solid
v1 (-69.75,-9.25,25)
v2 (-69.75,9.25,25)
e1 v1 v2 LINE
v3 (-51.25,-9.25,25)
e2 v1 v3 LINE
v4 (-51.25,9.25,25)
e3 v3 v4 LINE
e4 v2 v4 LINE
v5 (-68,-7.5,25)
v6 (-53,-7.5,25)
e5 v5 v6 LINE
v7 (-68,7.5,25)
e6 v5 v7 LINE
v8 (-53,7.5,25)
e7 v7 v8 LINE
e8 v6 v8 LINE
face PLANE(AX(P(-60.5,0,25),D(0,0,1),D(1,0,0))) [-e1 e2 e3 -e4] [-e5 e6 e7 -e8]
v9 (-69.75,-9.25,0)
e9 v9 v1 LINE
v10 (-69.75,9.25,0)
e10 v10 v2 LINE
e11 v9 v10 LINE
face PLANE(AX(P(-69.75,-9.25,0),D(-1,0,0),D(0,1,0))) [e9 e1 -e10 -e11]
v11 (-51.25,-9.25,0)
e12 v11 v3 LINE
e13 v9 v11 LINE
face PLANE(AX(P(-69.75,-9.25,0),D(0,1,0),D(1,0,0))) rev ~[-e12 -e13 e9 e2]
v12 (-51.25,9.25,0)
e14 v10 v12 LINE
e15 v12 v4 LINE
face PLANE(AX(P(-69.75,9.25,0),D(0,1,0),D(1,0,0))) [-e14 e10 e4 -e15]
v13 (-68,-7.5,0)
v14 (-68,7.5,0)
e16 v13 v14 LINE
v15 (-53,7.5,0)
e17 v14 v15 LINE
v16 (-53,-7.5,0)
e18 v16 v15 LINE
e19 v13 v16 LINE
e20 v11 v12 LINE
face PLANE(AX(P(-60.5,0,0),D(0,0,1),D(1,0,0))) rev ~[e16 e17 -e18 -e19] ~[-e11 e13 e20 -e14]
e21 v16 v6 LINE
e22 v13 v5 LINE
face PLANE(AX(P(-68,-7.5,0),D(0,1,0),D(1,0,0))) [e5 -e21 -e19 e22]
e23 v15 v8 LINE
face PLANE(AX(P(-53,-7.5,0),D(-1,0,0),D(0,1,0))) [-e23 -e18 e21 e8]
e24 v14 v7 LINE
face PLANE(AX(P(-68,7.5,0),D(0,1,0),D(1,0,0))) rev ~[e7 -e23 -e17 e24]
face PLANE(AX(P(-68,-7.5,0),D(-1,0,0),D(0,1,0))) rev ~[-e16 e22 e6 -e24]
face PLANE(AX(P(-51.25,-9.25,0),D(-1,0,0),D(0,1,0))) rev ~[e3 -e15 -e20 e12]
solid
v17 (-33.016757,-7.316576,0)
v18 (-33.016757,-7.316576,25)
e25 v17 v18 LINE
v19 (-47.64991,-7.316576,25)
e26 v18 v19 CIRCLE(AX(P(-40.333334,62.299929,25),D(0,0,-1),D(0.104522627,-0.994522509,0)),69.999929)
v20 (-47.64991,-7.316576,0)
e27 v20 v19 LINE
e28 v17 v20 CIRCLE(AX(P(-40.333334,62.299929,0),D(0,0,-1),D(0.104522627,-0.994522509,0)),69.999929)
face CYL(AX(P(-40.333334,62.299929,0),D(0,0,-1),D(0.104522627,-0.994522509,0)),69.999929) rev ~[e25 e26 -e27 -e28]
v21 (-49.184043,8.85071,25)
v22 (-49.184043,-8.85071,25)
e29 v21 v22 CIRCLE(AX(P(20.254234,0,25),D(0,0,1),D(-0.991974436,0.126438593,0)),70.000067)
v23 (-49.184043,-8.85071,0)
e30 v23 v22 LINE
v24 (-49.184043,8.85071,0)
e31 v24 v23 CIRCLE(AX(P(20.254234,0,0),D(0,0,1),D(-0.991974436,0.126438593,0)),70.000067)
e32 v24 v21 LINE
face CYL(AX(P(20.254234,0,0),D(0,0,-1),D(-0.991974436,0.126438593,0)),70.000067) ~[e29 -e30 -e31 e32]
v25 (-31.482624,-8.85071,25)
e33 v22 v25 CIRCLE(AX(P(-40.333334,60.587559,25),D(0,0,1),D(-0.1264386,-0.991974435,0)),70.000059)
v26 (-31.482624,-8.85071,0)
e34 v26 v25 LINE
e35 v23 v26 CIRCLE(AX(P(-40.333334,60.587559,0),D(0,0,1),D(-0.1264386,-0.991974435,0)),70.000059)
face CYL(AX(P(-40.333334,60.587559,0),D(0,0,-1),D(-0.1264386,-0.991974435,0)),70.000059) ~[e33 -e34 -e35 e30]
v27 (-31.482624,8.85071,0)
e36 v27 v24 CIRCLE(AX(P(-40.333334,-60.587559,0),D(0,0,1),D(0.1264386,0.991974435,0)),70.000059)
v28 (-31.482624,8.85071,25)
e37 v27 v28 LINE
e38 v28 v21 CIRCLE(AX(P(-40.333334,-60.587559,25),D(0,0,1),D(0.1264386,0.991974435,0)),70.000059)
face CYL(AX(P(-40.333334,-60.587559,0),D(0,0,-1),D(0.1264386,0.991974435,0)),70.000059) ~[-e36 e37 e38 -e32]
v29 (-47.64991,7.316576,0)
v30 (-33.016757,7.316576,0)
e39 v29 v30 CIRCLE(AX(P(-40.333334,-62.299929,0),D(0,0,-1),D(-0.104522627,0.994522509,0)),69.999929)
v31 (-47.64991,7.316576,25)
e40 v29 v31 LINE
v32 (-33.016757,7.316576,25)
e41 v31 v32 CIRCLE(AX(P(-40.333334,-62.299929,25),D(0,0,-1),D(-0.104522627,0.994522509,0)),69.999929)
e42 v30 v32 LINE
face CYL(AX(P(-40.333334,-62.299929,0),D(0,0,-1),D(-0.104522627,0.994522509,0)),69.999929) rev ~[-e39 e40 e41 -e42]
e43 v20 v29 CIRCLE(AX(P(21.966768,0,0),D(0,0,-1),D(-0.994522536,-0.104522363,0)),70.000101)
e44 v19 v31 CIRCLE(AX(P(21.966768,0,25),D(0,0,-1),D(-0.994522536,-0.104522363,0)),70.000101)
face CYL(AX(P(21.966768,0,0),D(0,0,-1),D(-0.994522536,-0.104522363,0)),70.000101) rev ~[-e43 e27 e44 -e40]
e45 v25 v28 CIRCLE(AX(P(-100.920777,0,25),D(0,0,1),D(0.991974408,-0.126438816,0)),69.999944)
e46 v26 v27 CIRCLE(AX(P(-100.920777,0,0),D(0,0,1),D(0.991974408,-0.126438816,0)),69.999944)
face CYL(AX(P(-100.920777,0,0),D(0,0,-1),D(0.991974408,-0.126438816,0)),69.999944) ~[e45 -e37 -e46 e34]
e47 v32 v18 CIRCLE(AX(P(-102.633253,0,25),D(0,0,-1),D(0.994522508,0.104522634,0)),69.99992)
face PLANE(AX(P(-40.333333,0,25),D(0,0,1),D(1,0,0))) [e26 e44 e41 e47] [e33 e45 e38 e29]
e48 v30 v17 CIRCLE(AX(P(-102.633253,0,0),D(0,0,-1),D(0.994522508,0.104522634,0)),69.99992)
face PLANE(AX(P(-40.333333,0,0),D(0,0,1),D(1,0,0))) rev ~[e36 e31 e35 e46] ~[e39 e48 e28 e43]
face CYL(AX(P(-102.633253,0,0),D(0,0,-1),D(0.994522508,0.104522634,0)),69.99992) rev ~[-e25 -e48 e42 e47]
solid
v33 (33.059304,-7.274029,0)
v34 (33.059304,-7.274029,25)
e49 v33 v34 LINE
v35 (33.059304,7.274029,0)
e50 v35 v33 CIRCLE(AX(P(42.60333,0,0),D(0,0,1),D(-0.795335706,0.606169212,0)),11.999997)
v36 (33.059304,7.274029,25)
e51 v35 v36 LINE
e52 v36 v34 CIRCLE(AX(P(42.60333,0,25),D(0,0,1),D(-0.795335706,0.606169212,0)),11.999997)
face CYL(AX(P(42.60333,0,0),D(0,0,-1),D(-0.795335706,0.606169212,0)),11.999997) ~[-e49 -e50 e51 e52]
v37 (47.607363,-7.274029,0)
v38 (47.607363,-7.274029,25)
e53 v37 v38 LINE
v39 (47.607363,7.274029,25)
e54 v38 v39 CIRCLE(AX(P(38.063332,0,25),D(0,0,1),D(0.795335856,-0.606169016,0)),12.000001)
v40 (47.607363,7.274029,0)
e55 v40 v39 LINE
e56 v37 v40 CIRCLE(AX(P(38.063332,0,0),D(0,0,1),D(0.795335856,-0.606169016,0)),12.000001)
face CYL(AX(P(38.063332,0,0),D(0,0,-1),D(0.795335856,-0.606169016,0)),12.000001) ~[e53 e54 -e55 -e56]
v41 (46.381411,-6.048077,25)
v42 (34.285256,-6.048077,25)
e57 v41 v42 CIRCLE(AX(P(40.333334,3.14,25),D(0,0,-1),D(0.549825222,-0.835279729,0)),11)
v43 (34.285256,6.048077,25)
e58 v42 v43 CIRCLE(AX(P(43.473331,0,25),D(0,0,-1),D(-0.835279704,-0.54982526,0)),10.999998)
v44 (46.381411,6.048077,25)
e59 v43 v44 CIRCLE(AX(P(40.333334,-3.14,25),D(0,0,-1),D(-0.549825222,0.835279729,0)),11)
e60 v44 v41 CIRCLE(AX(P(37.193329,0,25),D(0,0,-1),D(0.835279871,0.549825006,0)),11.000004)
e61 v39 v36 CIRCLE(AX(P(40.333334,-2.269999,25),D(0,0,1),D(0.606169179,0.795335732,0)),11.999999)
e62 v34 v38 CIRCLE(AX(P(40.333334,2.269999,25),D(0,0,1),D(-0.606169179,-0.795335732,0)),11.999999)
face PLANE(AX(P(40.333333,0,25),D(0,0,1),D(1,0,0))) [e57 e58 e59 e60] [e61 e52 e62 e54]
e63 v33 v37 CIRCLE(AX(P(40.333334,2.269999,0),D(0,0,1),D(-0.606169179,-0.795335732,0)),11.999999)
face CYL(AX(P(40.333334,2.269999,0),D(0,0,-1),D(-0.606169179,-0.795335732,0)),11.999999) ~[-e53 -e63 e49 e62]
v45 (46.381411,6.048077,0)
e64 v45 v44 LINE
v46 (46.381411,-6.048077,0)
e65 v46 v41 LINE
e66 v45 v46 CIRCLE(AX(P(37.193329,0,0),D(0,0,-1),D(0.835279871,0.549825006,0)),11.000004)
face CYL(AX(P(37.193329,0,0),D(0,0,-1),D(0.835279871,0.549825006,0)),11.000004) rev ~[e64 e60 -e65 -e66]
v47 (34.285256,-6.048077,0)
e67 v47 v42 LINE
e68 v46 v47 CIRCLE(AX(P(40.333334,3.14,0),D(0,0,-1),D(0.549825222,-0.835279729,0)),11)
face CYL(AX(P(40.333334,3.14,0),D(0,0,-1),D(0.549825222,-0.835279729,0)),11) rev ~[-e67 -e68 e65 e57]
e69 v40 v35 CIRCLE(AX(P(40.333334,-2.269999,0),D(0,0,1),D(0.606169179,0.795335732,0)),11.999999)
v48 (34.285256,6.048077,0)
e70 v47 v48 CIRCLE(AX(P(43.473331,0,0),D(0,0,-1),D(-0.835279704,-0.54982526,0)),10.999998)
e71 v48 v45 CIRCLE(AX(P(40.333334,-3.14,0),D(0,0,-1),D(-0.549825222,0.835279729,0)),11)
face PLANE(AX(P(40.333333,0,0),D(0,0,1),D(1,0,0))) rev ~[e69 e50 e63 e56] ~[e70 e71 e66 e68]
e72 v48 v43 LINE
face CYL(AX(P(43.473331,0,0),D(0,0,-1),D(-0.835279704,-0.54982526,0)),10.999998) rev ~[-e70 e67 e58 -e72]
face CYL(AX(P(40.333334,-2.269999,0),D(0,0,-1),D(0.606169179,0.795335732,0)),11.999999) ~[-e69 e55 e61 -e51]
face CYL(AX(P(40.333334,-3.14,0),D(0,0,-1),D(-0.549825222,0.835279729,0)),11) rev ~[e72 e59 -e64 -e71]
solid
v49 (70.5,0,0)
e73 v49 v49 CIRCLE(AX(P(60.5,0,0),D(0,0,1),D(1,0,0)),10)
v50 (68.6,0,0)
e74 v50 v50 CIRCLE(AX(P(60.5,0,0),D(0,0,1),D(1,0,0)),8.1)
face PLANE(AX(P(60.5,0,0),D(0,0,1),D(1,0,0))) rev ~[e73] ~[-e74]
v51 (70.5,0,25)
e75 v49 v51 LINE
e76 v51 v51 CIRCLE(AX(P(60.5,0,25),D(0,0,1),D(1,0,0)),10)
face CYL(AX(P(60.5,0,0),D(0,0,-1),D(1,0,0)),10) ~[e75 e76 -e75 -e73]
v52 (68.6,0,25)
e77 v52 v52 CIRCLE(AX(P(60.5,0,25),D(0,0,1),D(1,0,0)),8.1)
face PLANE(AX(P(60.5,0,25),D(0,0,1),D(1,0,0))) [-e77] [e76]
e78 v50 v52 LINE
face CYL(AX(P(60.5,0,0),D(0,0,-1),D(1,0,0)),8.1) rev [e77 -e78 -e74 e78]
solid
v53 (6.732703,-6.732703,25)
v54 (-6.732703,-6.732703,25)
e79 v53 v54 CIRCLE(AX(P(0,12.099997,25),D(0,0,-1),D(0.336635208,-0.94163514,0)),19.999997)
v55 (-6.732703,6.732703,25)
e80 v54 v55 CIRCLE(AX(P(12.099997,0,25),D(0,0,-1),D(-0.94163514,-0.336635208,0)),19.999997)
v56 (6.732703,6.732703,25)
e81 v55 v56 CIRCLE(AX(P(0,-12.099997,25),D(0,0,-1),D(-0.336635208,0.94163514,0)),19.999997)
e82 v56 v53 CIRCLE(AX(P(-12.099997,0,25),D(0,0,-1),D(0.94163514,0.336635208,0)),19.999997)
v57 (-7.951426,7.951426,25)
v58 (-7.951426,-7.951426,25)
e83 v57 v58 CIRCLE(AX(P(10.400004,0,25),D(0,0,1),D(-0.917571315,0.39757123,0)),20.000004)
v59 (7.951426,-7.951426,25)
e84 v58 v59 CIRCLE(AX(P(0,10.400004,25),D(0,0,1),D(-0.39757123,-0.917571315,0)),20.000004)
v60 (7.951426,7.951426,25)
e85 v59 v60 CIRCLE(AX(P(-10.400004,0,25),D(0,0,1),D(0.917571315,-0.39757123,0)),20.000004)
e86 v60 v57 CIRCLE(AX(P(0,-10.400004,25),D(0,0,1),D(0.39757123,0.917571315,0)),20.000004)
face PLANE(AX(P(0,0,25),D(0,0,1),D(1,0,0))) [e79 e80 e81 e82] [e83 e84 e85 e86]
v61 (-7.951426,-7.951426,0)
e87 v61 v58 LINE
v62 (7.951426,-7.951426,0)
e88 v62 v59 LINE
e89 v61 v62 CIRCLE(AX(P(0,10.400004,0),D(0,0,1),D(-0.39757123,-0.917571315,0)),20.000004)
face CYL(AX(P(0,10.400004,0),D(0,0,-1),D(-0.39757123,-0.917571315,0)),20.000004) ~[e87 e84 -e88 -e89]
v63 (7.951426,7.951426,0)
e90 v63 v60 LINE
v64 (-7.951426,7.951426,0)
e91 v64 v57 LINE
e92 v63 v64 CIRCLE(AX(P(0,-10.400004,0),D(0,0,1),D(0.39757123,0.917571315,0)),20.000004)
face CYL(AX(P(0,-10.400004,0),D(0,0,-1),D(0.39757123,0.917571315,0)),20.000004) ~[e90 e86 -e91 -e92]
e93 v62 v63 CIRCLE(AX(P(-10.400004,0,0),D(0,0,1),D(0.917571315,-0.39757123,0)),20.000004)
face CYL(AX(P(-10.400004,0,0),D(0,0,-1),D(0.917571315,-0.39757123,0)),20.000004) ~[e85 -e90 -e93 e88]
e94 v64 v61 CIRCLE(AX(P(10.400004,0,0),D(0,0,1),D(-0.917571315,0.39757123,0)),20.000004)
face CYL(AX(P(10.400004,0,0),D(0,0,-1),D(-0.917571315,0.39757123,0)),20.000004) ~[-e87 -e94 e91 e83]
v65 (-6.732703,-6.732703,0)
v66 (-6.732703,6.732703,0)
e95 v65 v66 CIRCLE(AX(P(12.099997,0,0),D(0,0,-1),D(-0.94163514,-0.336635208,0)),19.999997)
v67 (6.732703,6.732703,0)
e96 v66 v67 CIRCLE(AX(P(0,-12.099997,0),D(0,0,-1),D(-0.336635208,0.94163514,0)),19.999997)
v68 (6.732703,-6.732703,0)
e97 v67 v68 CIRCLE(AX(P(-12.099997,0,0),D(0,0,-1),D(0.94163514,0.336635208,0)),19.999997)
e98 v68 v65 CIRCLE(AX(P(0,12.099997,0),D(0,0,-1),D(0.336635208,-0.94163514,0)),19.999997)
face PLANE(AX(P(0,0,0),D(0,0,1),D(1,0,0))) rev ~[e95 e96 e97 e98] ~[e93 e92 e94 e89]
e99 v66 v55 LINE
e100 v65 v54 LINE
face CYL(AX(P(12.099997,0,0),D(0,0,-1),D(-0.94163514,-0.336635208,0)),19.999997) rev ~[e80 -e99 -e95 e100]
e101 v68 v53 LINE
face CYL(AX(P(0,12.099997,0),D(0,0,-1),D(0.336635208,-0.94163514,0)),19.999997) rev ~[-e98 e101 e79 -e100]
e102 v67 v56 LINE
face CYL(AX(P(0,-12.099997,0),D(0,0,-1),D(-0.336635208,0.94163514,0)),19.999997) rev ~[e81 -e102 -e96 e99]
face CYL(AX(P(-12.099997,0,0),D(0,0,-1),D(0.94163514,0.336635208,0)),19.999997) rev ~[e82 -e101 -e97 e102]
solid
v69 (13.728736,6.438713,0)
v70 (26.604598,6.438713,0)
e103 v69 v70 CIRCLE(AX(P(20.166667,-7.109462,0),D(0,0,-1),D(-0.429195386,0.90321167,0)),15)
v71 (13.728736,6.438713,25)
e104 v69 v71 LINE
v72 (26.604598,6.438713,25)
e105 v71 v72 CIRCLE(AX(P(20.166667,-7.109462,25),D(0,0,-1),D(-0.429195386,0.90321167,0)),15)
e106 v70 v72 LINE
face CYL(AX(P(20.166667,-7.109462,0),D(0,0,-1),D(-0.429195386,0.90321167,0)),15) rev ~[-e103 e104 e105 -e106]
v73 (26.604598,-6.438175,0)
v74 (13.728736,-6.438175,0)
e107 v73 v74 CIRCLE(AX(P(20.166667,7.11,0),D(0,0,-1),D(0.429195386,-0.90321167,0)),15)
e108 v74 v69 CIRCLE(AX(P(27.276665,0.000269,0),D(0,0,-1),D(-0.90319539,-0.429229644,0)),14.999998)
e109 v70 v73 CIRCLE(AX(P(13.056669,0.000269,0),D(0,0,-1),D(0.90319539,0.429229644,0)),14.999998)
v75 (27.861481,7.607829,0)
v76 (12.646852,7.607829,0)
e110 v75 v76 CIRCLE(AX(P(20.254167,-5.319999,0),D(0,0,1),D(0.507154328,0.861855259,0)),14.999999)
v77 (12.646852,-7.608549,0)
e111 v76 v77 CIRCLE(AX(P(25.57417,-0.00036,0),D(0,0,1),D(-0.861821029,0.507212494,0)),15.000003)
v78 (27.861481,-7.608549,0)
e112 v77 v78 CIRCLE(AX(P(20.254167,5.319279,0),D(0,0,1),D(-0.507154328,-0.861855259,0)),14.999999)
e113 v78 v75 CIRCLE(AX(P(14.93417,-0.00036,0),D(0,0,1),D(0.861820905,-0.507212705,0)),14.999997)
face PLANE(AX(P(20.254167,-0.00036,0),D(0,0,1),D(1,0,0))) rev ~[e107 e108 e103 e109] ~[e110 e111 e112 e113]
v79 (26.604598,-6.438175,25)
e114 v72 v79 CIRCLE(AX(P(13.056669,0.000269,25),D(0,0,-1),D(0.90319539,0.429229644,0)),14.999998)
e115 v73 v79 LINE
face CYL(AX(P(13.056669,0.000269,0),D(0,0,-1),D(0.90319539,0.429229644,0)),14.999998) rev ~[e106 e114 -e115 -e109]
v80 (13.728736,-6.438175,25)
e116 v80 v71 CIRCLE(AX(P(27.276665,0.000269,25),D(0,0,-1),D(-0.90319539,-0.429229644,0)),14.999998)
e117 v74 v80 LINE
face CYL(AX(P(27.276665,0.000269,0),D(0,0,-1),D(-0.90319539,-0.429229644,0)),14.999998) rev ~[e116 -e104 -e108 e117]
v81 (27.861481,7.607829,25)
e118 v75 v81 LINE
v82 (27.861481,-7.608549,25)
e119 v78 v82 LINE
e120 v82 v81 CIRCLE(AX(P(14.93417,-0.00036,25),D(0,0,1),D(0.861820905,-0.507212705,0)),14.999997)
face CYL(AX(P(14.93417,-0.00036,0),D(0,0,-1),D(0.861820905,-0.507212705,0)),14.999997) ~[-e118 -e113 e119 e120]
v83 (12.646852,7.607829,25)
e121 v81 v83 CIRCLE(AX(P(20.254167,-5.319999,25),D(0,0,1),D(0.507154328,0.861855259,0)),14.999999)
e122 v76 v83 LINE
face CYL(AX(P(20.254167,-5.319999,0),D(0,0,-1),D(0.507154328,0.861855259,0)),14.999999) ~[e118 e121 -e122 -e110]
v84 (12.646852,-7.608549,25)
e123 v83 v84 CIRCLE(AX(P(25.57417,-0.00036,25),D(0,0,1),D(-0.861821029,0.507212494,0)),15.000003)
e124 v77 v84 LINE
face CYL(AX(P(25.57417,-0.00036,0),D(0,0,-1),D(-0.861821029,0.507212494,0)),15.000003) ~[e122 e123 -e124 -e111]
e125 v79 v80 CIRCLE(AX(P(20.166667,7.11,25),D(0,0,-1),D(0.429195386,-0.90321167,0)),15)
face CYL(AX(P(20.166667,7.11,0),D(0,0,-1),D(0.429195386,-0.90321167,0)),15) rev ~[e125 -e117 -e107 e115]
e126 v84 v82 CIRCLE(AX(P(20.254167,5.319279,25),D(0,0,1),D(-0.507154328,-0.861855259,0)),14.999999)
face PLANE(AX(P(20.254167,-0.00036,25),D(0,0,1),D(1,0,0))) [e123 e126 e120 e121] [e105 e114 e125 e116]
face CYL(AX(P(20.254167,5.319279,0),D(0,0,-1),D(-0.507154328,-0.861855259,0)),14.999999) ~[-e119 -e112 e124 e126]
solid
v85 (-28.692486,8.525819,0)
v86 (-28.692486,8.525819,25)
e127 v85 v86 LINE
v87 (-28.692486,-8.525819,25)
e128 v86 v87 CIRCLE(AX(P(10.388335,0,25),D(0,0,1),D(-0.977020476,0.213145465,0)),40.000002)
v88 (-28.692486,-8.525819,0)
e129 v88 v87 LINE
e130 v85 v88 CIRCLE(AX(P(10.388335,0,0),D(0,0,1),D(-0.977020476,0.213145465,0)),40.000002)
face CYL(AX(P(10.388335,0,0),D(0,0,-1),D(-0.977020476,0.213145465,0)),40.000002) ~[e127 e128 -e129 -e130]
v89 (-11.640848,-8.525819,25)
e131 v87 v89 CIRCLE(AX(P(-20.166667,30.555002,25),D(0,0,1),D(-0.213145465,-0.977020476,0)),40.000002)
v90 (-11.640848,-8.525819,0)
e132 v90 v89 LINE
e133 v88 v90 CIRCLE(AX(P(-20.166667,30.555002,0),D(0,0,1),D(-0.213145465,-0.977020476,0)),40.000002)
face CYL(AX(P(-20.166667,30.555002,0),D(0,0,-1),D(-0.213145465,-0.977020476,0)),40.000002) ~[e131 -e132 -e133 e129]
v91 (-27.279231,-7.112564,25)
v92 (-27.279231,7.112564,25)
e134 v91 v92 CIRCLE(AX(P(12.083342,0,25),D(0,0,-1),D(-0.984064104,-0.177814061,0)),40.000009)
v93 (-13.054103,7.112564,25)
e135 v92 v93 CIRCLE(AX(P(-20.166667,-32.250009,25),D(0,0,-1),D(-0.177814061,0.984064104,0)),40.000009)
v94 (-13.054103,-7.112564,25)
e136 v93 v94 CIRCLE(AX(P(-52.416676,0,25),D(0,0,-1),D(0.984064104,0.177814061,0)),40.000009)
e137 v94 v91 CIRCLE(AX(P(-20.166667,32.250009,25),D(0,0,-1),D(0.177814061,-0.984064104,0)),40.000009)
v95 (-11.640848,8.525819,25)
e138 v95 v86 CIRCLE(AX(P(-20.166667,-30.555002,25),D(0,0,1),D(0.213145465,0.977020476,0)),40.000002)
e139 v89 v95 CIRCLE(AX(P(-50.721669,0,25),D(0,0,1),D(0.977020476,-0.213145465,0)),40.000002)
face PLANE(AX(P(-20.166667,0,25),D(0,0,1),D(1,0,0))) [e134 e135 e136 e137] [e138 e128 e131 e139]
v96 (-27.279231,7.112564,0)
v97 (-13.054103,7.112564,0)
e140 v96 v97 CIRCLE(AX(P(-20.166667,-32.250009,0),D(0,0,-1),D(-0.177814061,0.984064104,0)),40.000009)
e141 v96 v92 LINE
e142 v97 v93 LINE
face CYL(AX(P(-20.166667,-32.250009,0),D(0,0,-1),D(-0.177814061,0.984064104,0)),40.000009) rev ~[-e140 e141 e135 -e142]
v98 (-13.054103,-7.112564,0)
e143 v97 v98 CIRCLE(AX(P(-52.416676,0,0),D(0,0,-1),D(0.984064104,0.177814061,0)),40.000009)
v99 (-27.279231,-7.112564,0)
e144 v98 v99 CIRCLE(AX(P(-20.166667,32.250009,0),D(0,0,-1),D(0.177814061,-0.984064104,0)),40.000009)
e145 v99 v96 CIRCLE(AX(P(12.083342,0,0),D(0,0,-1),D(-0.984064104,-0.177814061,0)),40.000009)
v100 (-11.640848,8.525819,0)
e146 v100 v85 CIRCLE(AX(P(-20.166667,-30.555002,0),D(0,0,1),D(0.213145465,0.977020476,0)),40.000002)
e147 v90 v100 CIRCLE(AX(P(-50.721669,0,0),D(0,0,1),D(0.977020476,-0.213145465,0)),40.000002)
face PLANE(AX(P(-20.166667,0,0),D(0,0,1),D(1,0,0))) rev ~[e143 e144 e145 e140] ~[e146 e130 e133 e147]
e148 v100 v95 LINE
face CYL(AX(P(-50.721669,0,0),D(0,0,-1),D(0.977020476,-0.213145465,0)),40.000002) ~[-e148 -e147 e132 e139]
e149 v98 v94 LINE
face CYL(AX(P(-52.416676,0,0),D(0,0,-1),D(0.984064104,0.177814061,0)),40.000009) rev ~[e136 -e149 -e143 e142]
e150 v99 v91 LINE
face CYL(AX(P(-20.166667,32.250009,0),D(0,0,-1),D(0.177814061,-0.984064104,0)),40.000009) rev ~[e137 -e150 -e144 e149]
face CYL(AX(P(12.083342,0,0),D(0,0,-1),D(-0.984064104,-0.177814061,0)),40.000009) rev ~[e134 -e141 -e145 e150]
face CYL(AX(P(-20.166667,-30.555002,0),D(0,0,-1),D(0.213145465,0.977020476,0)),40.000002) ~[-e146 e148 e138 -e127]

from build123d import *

# Parameters (mm, degrees)
F0_W     = 18.5
F0_H     = 18.5
F0_W_2   = 15
F0_H_2   = 15
F0_R     = 10
F0_R_2   = 8.1
F1_DEPTH = 25


with BuildPart() as f1:
    # F0 (on Top) → F1 (new body)
    with BuildSketch(Plane.XY):
        with BuildLine():
            ThreePointArc((-28.692486, -8.525819), (-20.166667, -9.445), (-11.640848, -8.525819))
            ThreePointArc((-11.640848, -8.525819), (-10.721667, 0), (-11.640848, 8.525819))
            ThreePointArc((-11.640848, 8.525819), (-20.166667, 9.445), (-28.692486, 8.525819))
            ThreePointArc((-28.692486, 8.525819), (-29.611667, 0), (-28.692486, -8.525819))
        make_face()
        with BuildLine():
            ThreePointArc((-13.054103, 7.112564), (-12.416667, 0), (-13.054103, -7.112564))
            ThreePointArc((-13.054103, -7.112564), (-20.166667, -7.75), (-27.279231, -7.112564))
            ThreePointArc((-27.279231, -7.112564), (-27.916667, 0), (-27.279231, 7.112564))
            ThreePointArc((-27.279231, 7.112564), (-20.166667, 7.75), (-13.054103, 7.112564))
        make_face(mode=Mode.SUBTRACT)
        with BuildLine():
            ThreePointArc((-49.184043, -8.85071), (-40.333333, -9.4125), (-31.482624, -8.85071))
            ThreePointArc((-31.482624, -8.85071), (-30.920833, 0), (-31.482624, 8.85071))
            ThreePointArc((-31.482624, 8.85071), (-40.333333, 9.4125), (-49.184043, 8.85071))
            ThreePointArc((-49.184043, 8.85071), (-49.745833, 0), (-49.184043, -8.85071))
        make_face()
        with BuildLine():
            ThreePointArc((-33.016757, 7.316576), (-32.633333, 0), (-33.016757, -7.316576))
            ThreePointArc((-33.016757, -7.316576), (-40.333333, -7.7), (-47.64991, -7.316576))
            ThreePointArc((-47.64991, -7.316576), (-48.033333, 0), (-47.64991, 7.316576))
            ThreePointArc((-47.64991, 7.316576), (-40.333333, 7.7), (-33.016757, 7.316576))
        make_face(mode=Mode.SUBTRACT)
        with Locations((-60.5, 0)):
            Rectangle(F0_W, F0_H)
        with Locations((-60.5, 0)):
            Rectangle(F0_W_2, F0_H_2, mode=Mode.SUBTRACT)
        with BuildLine():
            ThreePointArc((-7.951426, -7.951426), (0, -9.6), (7.951426, -7.951426))
            ThreePointArc((7.951426, -7.951426), (9.6, 0), (7.951426, 7.951426))
            ThreePointArc((7.951426, 7.951426), (0, 9.6), (-7.951426, 7.951426))
            ThreePointArc((-7.951426, 7.951426), (-9.6, 0), (-7.951426, -7.951426))
        make_face()
        with BuildLine():
            ThreePointArc((6.732703, 6.732703), (7.9, 0), (6.732703, -6.732703))
            ThreePointArc((6.732703, -6.732703), (0, -7.9), (-6.732703, -6.732703))
            ThreePointArc((-6.732703, -6.732703), (-7.9, 0), (-6.732703, 6.732703))
            ThreePointArc((-6.732703, 6.732703), (0, 7.9), (6.732703, 6.732703))
        make_face(mode=Mode.SUBTRACT)
        with BuildLine():
            ThreePointArc((12.646852, -7.608549), (20.254167, -9.68072), (27.861481, -7.608549))
            ThreePointArc((27.861481, -7.608549), (29.934167, -0.00036), (27.861481, 7.607829))
            ThreePointArc((27.861481, 7.607829), (20.254167, 9.68), (12.646852, 7.607829))
            ThreePointArc((12.646852, 7.607829), (10.574167, -0.00036), (12.646852, -7.608549))
        make_face()
        with BuildLine():
            ThreePointArc((26.604598, 6.438713), (28.056667, 0.000269), (26.604598, -6.438175))
            ThreePointArc((26.604598, -6.438175), (20.166667, -7.89), (13.728736, -6.438175))
            ThreePointArc((13.728736, -6.438175), (12.276667, 0.000269), (13.728736, 6.438713))
            ThreePointArc((13.728736, 6.438713), (20.166667, 7.890538), (26.604598, 6.438713))
        make_face(mode=Mode.SUBTRACT)
        with BuildLine():
            ThreePointArc((33.059304, -7.274029), (40.333333, -9.73), (47.607363, -7.274029))
            ThreePointArc((47.607363, -7.274029), (50.063333, 0), (47.607363, 7.274029))
            ThreePointArc((47.607363, 7.274029), (40.333333, 9.73), (33.059304, 7.274029))
            ThreePointArc((33.059304, 7.274029), (30.603333, 0), (33.059304, -7.274029))
        make_face()
        with BuildLine():
            ThreePointArc((46.381411, 6.048077), (48.193333, 0), (46.381411, -6.048077))
            ThreePointArc((46.381411, -6.048077), (40.333333, -7.86), (34.285256, -6.048077))
            ThreePointArc((34.285256, -6.048077), (32.473333, 0), (34.285256, 6.048077))
            ThreePointArc((34.285256, 6.048077), (40.333333, 7.86), (46.381411, 6.048077))
        make_face(mode=Mode.SUBTRACT)
        with Locations((60.5, 0)):
            Circle(F0_R)
        with Locations((60.5, 0)):
            Circle(F0_R_2, mode=Mode.SUBTRACT)
    extrude(amount=F1_DEPTH)


solid = f1.part
